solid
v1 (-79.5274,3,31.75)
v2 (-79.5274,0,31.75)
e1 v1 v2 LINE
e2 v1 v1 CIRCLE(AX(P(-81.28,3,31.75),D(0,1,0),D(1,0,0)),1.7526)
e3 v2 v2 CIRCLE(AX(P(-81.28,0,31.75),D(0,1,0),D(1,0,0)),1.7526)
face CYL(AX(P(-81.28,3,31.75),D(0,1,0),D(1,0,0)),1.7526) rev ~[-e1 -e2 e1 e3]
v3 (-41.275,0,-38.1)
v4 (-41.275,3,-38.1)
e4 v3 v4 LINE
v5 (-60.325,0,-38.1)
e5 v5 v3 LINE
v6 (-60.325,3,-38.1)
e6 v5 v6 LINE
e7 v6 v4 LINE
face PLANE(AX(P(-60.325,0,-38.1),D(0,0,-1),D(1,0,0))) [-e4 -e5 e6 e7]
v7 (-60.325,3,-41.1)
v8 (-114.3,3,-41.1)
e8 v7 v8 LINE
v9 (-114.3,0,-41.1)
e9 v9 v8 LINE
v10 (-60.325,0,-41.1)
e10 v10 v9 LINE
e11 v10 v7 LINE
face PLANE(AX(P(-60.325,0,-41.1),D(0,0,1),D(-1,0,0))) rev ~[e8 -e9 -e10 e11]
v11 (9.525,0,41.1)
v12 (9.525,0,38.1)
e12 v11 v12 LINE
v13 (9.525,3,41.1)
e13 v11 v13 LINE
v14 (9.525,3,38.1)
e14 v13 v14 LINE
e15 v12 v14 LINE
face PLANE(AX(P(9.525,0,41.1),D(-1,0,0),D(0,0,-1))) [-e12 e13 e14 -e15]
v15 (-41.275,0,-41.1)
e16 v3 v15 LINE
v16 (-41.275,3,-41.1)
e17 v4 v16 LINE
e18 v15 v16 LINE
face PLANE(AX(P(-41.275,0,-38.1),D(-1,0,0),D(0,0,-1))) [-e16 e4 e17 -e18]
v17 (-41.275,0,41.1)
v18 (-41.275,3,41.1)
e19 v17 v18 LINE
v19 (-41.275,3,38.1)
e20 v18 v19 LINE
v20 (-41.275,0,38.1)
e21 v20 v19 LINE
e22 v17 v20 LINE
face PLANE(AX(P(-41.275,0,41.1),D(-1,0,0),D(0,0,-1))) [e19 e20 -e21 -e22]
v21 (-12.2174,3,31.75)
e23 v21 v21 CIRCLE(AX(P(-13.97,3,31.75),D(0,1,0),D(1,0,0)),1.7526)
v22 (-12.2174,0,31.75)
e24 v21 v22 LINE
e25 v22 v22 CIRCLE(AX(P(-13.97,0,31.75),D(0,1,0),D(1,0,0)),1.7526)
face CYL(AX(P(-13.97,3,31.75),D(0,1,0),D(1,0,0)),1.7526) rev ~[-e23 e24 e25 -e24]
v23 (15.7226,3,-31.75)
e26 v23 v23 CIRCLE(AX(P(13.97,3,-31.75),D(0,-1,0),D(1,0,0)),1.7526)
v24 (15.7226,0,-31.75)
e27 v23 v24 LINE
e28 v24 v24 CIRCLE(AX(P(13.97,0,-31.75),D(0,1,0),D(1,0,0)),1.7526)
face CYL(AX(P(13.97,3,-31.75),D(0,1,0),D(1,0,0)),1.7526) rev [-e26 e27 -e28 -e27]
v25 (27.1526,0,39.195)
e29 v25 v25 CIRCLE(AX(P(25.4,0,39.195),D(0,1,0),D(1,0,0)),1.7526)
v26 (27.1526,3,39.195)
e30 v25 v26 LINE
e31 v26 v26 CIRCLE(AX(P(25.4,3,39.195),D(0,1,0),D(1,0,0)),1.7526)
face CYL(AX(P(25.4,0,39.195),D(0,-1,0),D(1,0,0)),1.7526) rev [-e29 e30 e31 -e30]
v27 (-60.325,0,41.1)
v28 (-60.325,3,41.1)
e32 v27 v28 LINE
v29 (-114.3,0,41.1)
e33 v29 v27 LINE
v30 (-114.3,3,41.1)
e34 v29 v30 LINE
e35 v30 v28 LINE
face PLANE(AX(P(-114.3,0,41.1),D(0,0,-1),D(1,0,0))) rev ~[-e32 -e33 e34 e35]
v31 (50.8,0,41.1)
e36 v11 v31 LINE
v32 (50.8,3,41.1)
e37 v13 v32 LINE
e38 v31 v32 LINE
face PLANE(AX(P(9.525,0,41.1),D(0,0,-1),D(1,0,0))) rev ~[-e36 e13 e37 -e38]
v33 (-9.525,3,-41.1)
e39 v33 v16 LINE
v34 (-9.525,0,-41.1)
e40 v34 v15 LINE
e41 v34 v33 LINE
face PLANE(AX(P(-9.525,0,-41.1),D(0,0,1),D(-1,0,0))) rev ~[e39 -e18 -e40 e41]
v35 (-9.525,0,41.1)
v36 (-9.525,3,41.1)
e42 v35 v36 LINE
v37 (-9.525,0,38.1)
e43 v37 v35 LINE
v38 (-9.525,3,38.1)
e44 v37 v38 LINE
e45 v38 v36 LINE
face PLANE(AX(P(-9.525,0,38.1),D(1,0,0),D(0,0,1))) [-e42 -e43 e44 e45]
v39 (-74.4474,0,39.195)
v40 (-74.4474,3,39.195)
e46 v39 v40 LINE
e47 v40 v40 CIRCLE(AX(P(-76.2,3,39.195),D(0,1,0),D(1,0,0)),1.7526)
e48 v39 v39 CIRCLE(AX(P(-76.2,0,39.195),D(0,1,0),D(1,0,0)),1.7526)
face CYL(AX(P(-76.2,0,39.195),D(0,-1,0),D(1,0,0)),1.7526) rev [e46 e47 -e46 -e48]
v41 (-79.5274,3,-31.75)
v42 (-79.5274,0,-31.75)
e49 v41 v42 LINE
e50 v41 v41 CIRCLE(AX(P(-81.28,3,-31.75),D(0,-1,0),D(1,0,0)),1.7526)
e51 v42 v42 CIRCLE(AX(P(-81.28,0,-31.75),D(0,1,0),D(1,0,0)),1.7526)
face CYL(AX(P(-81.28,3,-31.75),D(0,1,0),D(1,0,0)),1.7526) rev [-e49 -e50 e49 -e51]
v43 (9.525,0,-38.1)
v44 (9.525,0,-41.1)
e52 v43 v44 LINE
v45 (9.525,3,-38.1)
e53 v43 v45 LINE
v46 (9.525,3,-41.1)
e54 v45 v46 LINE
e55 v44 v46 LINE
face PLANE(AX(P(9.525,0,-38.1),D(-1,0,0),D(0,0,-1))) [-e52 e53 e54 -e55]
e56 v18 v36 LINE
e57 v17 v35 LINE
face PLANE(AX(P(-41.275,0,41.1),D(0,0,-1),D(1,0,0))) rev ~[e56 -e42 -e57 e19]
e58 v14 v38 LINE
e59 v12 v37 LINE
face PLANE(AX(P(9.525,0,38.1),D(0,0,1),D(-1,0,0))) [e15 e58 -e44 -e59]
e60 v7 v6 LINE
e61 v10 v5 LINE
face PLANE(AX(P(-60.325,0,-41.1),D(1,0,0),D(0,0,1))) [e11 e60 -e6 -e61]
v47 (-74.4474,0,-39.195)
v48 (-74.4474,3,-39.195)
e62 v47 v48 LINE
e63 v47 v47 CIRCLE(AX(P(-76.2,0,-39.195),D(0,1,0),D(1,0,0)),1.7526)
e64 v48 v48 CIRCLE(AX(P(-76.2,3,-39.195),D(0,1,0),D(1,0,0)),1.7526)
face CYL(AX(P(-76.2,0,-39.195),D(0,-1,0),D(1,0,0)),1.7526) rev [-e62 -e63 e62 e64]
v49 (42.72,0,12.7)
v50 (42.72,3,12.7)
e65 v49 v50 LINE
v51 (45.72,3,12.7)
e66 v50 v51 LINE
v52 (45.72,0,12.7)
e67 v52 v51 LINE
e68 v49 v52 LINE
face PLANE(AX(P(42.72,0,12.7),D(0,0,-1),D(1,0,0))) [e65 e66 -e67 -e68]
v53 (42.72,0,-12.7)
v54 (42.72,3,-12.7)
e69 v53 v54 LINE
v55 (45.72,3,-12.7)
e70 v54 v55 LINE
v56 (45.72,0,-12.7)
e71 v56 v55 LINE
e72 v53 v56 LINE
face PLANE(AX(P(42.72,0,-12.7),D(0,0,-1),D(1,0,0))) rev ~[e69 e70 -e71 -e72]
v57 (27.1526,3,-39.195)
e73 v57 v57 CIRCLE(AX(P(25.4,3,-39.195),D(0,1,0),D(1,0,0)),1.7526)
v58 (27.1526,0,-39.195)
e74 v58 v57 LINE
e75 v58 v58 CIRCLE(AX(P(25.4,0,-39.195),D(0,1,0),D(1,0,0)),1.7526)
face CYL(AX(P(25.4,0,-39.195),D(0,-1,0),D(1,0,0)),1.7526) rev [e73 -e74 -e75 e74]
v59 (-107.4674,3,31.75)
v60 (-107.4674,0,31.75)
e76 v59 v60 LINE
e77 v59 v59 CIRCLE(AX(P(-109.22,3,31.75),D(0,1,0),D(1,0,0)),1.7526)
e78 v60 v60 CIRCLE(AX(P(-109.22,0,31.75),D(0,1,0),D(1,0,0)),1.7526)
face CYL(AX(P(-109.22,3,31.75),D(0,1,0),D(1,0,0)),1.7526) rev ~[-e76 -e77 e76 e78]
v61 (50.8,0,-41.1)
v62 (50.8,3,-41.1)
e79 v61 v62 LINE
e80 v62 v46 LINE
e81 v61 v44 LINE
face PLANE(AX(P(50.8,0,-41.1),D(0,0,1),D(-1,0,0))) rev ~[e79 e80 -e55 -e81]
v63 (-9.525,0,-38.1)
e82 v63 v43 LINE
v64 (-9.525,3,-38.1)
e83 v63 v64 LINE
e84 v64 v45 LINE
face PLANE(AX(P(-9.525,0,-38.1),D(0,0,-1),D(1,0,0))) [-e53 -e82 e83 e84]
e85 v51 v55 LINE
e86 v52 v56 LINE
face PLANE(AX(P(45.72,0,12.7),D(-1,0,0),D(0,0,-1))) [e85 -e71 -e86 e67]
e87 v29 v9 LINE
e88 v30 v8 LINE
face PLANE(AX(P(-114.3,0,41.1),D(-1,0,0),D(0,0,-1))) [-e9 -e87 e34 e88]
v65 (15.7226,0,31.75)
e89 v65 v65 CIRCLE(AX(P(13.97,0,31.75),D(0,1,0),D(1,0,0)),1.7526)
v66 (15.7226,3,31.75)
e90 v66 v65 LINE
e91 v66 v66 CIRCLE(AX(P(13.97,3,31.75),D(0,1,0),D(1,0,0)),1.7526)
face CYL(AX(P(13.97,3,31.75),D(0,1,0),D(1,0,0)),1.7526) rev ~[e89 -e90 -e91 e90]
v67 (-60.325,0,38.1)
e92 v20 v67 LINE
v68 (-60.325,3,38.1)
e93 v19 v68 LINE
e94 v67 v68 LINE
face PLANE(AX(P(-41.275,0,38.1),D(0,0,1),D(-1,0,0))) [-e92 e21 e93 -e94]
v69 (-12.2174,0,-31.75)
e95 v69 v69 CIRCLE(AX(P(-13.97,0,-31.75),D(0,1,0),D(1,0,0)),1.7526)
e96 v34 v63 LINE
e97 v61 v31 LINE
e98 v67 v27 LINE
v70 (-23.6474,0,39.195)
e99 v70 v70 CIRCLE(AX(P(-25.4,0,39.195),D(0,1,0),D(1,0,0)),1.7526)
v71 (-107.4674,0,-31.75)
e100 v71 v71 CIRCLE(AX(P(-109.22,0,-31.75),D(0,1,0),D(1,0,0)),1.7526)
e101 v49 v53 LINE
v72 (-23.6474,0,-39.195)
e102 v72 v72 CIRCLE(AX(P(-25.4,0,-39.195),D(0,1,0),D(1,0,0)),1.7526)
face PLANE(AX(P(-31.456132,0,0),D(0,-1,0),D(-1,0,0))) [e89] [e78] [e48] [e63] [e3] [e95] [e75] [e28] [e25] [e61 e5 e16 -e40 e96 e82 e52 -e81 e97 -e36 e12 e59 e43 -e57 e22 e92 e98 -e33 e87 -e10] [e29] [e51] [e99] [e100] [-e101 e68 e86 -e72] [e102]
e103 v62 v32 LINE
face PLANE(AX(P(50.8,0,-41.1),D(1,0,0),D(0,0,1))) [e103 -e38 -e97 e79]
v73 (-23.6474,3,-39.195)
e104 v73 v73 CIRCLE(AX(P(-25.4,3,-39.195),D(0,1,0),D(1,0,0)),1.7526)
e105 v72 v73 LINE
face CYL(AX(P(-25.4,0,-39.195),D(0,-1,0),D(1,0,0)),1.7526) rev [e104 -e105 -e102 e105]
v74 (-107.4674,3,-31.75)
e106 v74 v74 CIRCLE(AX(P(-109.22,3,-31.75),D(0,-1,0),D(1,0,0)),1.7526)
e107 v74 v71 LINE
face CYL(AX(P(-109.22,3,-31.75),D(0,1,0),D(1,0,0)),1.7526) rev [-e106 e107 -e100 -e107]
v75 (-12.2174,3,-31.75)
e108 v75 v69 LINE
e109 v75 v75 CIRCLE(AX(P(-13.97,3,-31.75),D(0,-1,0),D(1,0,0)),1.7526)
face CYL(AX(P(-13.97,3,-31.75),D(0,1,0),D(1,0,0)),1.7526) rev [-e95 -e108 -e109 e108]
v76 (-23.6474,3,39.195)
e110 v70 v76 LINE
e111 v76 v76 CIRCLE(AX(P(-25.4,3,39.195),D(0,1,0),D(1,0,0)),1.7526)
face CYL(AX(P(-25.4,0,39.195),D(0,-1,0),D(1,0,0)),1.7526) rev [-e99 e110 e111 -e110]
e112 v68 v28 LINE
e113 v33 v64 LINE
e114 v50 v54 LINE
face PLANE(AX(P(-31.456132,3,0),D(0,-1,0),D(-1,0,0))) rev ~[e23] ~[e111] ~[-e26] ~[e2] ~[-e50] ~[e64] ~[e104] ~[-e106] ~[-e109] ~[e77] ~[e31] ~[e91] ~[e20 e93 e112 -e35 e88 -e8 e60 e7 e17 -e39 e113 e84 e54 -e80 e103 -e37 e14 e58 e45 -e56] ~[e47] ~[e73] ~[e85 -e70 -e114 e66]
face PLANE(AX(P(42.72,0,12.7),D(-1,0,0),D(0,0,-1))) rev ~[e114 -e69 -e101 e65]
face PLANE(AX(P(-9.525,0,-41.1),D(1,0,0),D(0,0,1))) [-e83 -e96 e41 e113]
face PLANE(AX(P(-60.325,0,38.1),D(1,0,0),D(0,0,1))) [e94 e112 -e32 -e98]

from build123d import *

# Parameters (mm, degrees)
SKETCH1_R           = 1.7526
SKETCH1_W           = 3
SKETCH1_H           = 25.4
BOSS_EXTRUDE1_DEPTH = 3
SKETCH2_R           = 1.7526
CUT_EXTRUDE1_DEPTH  = 4


with BuildPart() as part:
    # Sketch1 → Boss-Extrude1 (new body)
    with BuildSketch(Plane(origin=(0, 0, 0), x_dir=(1, 0, 0), z_dir=(0, 1, 0))):
        Polygon((-114.3, 41.1), (-77.528882775, 41.1), (-74.871117225, 41.1), (-60.325, 41.1), (-60.325, 38.1), (-41.275, 38.1), (-41.275, 41.1), (-26.728882775, 41.1), (-24.071117225, 41.1), (-9.525, 41.1), (-9.525, 38.1), (9.525, 38.1), (9.525, 41.1), (24.071117225, 41.1), (26.728882775, 41.1), (50.8, 41.1), (50.8, -41.1), (26.728882775, -41.1), (24.071117225, -41.1), (9.525, -41.1), (9.525, -38.1), (-9.525, -38.1), (-9.525, -41.1), (-24.071117225, -41.1), (-26.728882775, -41.1), (-41.275, -41.1), (-41.275, -38.1), (-60.325, -38.1), (-60.325, -41.1), (-74.871117225, -41.1), (-77.528882775, -41.1), (-114.3, -41.1), align=None)
        with Locations((-25.4, -39.195)):
            Circle(SKETCH1_R, mode=Mode.SUBTRACT)
        with Locations((25.4, -39.195)):
            Circle(SKETCH1_R, mode=Mode.SUBTRACT)
        with Locations((25.4, 39.195)):
            Circle(SKETCH1_R, mode=Mode.SUBTRACT)
        with Locations((-25.4, 39.195)):
            Circle(SKETCH1_R, mode=Mode.SUBTRACT)
        with Locations((-76.2, 39.195)):
            Circle(SKETCH1_R, mode=Mode.SUBTRACT)
        with Locations((-76.2, -39.195)):
            Circle(SKETCH1_R, mode=Mode.SUBTRACT)
        with Locations((44.22, 0)):
            Rectangle(SKETCH1_W, SKETCH1_H, mode=Mode.SUBTRACT)
    extrude(amount=BOSS_EXTRUDE1_DEPTH)

    # Sketch2 → Cut-Extrude1 (cut, through all)
    with BuildSketch(Plane(origin=(0, 3, 0), x_dir=(1, 0, 0), z_dir=(0, 1, 0))):
        with Locations((-109.22, -31.75)):
            Circle(SKETCH2_R)
        with Locations((-81.28, -31.75)):
            Circle(SKETCH2_R)
        with Locations((13.97, -31.75)):
            Circle(SKETCH2_R)
        with Locations((-13.97, -31.75)):
            Circle(SKETCH2_R)
    cut_extrude1 = extrude(amount=-CUT_EXTRUDE1_DEPTH, mode=Mode.SUBTRACT)

    # Mirror1: Cut-Extrude1 across plane
    add(cut_extrude1.mirror(Plane.XY), mode=Mode.SUBTRACT)


solid = part.part
